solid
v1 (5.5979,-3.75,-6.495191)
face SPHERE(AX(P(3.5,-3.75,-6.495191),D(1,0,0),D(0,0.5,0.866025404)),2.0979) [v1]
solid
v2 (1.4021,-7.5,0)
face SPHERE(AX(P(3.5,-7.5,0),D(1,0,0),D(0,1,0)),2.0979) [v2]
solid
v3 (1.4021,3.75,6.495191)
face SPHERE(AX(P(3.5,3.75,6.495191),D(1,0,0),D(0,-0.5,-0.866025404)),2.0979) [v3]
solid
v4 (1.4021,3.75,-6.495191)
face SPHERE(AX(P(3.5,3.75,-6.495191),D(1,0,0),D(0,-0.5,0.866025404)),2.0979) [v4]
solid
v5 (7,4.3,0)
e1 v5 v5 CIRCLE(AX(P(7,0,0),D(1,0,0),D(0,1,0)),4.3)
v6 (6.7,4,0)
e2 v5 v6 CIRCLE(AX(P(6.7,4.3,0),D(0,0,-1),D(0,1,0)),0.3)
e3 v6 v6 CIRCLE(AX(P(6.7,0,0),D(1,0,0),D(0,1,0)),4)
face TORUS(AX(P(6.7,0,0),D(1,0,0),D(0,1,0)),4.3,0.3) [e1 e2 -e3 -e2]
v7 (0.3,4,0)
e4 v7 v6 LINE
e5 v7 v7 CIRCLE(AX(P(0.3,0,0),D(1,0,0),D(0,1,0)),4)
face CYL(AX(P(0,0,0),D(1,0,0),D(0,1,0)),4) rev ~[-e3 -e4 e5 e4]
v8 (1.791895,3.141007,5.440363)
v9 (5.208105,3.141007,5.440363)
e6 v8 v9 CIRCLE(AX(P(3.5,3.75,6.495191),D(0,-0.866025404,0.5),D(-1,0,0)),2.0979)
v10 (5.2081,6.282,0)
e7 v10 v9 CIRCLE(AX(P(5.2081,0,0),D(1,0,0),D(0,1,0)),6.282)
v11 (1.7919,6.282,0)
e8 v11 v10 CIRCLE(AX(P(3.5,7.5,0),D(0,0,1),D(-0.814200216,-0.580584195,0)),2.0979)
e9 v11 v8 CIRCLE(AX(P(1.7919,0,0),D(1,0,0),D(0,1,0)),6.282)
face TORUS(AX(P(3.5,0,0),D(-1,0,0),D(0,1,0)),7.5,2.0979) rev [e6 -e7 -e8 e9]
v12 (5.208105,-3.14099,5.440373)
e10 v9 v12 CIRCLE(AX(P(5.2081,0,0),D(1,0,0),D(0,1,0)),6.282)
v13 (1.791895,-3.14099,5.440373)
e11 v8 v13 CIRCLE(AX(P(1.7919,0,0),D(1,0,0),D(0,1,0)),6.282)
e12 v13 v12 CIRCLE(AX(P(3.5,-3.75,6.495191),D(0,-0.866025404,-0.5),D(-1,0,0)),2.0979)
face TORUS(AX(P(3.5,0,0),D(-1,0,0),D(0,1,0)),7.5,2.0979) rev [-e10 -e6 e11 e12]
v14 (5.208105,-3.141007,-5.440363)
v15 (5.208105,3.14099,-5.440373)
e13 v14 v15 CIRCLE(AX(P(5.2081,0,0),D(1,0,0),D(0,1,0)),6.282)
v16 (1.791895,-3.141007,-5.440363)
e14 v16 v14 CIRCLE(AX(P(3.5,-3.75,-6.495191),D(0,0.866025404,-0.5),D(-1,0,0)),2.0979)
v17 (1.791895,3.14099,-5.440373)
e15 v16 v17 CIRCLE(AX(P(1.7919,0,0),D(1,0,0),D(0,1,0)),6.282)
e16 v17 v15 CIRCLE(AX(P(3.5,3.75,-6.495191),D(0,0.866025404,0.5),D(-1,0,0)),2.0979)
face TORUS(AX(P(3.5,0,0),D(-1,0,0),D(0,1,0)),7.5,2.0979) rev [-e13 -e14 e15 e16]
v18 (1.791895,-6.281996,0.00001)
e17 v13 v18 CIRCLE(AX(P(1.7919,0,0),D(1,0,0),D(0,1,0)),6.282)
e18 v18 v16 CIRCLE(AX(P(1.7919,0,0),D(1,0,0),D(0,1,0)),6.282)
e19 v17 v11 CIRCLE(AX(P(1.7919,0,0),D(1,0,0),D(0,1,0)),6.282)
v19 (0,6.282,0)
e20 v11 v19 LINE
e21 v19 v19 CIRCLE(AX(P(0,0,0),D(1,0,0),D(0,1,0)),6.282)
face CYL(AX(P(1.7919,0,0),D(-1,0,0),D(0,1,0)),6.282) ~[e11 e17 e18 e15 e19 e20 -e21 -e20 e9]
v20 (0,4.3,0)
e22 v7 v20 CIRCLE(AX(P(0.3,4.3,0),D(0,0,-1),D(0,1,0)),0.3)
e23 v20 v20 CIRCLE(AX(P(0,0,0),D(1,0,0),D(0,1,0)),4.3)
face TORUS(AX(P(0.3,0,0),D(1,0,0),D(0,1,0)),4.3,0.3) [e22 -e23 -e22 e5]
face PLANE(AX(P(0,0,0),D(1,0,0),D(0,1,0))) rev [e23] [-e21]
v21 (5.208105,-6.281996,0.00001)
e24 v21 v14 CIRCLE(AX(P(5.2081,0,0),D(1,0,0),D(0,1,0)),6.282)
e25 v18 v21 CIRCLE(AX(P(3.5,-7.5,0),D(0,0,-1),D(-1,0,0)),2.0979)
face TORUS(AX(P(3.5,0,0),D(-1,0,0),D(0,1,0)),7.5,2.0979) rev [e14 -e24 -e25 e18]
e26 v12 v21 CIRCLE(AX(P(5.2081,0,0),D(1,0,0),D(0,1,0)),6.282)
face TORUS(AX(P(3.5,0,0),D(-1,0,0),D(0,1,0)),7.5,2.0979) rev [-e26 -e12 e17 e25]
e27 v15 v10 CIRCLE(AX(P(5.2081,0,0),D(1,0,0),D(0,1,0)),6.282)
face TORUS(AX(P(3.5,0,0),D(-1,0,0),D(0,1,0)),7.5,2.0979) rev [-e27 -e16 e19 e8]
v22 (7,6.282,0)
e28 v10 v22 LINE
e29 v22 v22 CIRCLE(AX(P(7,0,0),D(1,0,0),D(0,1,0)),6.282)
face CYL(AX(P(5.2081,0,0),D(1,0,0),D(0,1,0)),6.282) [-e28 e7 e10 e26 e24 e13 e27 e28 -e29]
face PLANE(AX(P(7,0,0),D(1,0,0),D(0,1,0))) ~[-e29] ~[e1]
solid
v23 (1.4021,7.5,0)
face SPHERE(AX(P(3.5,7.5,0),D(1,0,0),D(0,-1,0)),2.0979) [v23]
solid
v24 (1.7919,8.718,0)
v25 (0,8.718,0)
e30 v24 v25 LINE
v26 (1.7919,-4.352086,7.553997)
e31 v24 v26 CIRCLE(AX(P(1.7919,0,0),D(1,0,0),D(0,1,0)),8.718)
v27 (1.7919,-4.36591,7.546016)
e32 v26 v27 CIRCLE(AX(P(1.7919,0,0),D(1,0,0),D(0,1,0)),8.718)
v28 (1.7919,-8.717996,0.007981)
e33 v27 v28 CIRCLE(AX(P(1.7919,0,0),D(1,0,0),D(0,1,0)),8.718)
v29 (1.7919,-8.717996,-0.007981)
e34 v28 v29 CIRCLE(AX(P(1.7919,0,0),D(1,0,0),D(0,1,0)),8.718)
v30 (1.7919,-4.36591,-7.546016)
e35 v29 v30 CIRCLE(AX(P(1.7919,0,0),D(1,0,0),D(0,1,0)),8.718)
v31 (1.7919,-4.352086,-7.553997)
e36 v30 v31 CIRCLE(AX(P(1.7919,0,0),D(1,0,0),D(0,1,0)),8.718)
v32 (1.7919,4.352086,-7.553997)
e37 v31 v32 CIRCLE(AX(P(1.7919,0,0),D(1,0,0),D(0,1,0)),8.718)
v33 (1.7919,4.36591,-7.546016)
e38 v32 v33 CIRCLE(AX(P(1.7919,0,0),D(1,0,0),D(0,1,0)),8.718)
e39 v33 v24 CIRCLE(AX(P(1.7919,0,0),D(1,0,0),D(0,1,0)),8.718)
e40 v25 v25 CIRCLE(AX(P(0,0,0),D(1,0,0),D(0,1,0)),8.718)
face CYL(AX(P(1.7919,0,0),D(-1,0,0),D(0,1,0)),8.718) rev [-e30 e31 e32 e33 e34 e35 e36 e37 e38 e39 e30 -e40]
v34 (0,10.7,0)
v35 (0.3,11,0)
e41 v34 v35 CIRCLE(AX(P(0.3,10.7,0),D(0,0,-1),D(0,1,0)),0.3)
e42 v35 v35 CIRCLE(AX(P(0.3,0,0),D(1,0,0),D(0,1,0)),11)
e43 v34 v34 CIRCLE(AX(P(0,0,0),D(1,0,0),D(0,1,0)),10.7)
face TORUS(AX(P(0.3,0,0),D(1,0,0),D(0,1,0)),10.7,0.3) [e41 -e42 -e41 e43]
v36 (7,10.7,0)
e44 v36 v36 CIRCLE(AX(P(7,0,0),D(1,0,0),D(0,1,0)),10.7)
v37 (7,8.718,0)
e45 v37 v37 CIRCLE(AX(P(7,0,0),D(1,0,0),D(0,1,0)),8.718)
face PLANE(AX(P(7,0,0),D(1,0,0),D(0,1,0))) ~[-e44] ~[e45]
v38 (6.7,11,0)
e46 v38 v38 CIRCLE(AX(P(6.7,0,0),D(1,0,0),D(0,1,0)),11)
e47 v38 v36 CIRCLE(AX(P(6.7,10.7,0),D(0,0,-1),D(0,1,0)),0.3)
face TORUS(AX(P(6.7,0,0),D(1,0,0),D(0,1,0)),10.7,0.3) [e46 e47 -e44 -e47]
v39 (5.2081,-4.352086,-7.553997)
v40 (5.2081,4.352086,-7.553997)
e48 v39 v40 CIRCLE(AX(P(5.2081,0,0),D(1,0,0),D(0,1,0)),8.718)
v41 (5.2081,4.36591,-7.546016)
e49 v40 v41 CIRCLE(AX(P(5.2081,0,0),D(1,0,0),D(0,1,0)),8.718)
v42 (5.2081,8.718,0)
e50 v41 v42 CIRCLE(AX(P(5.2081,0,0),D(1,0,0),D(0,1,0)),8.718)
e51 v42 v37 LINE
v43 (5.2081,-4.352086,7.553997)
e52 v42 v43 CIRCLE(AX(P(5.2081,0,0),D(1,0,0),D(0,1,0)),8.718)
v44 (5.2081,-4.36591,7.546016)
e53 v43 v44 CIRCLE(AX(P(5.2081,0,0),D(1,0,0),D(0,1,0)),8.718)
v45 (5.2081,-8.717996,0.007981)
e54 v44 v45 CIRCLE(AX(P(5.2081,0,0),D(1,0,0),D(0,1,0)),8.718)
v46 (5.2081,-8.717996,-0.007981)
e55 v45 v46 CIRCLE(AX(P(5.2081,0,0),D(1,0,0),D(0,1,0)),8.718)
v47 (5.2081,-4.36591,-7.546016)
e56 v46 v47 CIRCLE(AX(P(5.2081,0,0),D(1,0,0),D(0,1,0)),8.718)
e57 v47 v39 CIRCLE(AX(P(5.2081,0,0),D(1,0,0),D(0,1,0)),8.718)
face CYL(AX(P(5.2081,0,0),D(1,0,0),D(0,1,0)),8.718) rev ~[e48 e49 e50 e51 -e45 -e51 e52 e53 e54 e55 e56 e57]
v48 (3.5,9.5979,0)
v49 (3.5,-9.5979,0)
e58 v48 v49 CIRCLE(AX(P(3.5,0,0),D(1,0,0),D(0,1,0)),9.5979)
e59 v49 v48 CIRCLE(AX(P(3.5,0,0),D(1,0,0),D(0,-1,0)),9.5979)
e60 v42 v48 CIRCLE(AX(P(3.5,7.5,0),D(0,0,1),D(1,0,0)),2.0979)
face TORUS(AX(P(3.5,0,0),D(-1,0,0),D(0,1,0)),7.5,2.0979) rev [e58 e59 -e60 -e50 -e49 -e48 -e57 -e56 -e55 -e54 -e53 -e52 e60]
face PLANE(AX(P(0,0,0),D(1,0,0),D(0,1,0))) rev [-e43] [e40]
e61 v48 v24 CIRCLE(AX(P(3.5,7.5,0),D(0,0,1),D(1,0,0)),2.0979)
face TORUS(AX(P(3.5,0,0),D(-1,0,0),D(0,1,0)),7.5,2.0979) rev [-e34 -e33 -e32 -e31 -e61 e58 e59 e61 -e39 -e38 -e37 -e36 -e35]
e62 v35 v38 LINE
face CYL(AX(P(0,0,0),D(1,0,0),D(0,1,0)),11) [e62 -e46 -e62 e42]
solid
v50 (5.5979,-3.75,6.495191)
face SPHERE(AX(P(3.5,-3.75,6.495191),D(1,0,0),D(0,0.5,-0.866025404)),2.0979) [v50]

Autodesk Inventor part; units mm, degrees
ref_plane "YZ Plane" through (0, 0, 0) normal (1, 0, 0) x (0, 1, 0)
ref_plane "XZ Plane" through (0, 0, 0) normal (0, 1, 0) x (-1, 0, 0)
ref_plane "XY Plane" through (0, 0, 0) normal (0, 0, 1) x (1, 0, 0)
sketch "Skizze" plane through (0, 0, 0) normal (0, 0, 1) x (1, 0, 0)
  circle A0 centre (3.5, 7.5) radius 2.0979
  line L0 (1.4021, 7.5) -> (5.5979, 7.5)
  line L1 (3.5, 7.5) -> (3.5, 5.4021)
  line L2 (1.7919, 6.282) -> (0, 6.282)
  line L3 (0, 4) -> (7, 4)
  line L4 (1.7919, 8.718) -> (0, 8.718)
  line L5 (0, 11) -> (7, 11)
  line L6 (5.2081, 6.282) -> (7, 6.282)
  line L7 (5.2081, 8.718) -> (7, 8.718)
  line L8 (7, 8.718) -> (7, 11)
  line L9 (7, 4) -> (7, 6.282)
  line L10 (3.5, 7.5) -> (3.5, 9.5979)
  line L11 (-3, 0) -> (18, 0) projected
  line L12 (0, -2.2) -> (0, 16.7) projected
  dimension "d3" = 4.1958
  dimension "d8" = 8
  dimension "d10" = 12.564
  dimension "d12" = 17.436
  dimension "d13" = 22
  dimension "d14" = 15
  dimension "d15" = 7
revolve "Körper" add sketch "Skizze" angle 360 about axis through (-10, 0, 0) along (1, 0, 0) contours A0 L4 L12 L5 L8 L7 | L6 L9 L3 L12 L2 A0
fillet "Rundung1" radius 0.3 4 edges at (7, -4, 0) (0, -4, 0) (0, -11, 0) (7, -11, 0)
revolve "Kugel" add sketch "Skizze" angle 360 about axis through (1.4021, 7.5, 0) along (1, 0, 0) contours A0 L1 L0 | L1 A0 L0
pattern_circular "Kugeln" count 6 over 360 about axis through (-10, 0, 0) along (1, 0, 0) of "Kugel"
equation "\"d3\" = DDB"
equation "\"d8\" = WD"
equation "\"d10\" = KID1"
equation "\"d12\" = KAD1"
equation "\"d13\" = BD"
equation "\"d14\" = DDA"
equation "\"d15\" = KB"
equation "\"d0\" = KRS"
equation "\"WD\" = 8"
equation "\"BD\" = 22"
equation "\"KB\" = 7"
equation "\"KRS\" = 0.3"
equation "\"KID1\" = 12.564"
equation "\"KAD1\" = 17.436"
equation "\"DDA\" = 15"
equation "\"DDB\" = 4.1958"
equation "\"WR\" = 0.5 * WD"
equation "\"BR\" = 0.5 * BD"
equation "\"BBA\" = 0"
properties part number "DIN 625 T1 - 608 - 8 x 22 x 7" material "Stahl, weich"
